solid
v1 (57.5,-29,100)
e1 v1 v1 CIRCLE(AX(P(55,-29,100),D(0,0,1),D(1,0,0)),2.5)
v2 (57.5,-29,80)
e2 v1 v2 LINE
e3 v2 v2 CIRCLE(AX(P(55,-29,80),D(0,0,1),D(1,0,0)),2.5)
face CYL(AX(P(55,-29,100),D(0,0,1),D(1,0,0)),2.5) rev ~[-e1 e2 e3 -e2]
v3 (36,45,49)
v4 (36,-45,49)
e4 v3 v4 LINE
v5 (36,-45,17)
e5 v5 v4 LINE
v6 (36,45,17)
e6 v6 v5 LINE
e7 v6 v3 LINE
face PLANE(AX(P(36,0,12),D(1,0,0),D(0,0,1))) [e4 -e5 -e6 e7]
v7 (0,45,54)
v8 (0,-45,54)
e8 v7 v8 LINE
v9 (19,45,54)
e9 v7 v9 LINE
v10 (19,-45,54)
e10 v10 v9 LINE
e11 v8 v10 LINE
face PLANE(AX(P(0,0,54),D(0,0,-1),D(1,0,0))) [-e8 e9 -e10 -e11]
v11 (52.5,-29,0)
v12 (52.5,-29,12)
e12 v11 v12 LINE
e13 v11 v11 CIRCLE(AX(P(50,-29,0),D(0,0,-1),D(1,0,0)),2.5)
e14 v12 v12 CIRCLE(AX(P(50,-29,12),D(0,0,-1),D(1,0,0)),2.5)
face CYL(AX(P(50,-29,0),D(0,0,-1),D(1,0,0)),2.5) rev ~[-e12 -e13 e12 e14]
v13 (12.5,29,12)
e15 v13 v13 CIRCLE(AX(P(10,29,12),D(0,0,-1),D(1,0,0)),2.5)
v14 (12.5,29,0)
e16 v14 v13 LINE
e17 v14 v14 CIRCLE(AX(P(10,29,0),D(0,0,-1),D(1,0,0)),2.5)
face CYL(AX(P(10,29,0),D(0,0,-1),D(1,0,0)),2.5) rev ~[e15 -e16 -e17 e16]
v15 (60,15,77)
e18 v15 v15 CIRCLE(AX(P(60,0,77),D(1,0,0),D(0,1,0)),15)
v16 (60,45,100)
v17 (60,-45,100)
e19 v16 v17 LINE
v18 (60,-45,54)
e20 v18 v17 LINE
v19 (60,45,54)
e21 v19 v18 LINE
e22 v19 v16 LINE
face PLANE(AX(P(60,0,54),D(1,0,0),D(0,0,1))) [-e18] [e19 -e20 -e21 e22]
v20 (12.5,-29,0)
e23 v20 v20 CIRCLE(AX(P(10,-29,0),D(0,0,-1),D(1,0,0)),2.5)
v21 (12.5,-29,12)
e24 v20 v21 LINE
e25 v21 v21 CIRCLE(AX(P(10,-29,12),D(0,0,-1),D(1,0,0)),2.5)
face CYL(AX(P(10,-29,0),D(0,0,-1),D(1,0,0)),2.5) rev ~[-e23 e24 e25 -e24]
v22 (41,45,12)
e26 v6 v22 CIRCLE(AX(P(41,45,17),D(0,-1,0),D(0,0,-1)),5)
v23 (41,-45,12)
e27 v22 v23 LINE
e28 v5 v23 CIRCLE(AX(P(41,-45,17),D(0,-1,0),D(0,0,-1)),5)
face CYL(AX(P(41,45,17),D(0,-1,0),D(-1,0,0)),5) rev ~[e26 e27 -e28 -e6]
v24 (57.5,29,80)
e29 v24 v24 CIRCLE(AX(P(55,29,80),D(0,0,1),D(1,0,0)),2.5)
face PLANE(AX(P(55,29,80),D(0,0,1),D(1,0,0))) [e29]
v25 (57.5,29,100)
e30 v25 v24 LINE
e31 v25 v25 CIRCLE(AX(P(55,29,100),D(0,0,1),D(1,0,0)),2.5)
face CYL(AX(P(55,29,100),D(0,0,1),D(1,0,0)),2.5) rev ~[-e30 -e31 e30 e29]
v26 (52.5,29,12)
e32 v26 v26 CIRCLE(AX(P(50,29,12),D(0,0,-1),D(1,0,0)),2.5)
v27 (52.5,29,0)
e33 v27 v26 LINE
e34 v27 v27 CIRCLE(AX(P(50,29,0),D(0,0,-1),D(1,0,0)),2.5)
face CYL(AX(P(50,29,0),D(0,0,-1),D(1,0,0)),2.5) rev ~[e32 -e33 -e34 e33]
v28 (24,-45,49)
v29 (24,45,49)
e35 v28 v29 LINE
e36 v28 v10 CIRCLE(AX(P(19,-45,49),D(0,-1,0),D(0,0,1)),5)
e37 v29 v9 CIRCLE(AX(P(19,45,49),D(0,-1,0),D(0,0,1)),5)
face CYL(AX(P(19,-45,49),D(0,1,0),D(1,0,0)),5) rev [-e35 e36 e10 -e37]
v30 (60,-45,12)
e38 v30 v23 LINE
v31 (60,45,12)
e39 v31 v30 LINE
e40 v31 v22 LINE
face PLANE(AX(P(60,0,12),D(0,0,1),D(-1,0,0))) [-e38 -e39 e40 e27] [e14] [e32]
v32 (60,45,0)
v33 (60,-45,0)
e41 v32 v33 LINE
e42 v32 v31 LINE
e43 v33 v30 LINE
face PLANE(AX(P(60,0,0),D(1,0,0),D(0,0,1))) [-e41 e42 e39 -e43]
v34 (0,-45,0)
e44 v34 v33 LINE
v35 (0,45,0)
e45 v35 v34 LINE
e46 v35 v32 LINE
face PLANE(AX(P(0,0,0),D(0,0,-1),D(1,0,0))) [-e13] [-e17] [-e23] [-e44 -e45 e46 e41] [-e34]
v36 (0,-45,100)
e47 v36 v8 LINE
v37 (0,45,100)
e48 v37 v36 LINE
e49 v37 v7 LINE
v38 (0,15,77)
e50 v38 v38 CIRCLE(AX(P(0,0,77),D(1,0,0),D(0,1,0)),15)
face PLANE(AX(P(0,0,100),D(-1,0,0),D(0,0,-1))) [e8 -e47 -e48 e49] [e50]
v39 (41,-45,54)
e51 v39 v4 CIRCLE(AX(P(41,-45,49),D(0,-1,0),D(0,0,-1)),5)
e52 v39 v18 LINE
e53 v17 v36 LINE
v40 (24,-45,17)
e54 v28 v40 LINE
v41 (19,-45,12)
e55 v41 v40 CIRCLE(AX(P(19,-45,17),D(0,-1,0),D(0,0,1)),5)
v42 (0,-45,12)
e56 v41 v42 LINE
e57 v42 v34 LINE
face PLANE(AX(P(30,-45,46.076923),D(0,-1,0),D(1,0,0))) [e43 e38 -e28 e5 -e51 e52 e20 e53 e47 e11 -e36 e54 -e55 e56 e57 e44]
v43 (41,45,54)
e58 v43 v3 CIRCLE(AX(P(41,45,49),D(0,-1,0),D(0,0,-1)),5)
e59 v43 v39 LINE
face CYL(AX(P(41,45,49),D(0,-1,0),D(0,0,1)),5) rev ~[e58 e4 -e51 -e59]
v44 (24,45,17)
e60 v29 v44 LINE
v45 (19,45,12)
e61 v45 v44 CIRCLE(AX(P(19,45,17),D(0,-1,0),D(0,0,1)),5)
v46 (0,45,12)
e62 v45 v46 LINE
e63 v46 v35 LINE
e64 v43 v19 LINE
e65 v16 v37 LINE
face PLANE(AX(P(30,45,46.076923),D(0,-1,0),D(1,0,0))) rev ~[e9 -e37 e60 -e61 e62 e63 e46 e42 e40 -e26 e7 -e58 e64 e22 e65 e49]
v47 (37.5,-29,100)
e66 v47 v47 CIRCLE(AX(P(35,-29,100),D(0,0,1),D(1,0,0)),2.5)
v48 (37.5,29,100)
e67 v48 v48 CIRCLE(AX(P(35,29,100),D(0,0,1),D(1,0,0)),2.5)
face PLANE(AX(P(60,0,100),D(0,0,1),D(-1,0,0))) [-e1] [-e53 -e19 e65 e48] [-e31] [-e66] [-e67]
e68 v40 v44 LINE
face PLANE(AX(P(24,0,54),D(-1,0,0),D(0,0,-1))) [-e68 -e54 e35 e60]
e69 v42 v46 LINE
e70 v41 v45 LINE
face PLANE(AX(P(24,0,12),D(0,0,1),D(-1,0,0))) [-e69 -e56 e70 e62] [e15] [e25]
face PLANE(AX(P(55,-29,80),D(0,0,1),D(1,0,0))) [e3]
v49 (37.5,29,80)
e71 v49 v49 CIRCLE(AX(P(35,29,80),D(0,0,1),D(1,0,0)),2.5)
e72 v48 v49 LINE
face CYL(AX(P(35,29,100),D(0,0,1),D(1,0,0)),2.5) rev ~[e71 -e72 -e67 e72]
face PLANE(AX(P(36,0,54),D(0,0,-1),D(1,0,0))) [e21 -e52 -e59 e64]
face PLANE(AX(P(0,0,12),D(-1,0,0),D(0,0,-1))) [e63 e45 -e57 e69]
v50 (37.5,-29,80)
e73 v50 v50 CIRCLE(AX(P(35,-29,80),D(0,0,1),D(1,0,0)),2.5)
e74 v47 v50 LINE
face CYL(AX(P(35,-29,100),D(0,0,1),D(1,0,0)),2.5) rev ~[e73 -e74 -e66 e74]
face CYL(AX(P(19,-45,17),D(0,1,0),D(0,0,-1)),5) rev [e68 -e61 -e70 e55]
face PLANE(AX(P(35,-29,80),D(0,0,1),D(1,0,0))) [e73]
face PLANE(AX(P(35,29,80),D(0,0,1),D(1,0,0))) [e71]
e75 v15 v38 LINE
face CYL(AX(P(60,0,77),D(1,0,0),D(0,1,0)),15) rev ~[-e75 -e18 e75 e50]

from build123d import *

# Parameters (mm, degrees)
F1_DEPTH      = 45
F1_DEPTH_BACK = 45
F2_R          = 5
F3_R          = 15
F4_DEPTH      = 60
F5_R          = 2.5
F6_DEPTH      = 12
F7_R          = 2.5
F8_DEPTH      = 20


with BuildPart() as f1:
    # F0 (on Front) → F1 (new body, two sides)
    with BuildSketch(Plane.XZ) as f1_sk:
        Polygon((0, 12), (0, 0), (60, 0), (60, 12), (36, 12), (36, 54), (60, 54), (60, 100), (0, 100), (0, 54), (24, 54), (24, 12), align=None)
    extrude(amount=F1_DEPTH)
    extrude(f1_sk.sketch, amount=-F1_DEPTH_BACK)

    # F2
    f2_edges = [f1.edges().sort_by_distance(p)[0] for p in [
        (36, 0, 54),
        (36, 0, 12),
        (24, 0, 12),
        (24, 0, 54),
    ]]
    fillet(f2_edges, radius=F2_R)

    # F3 (on face) → F4 (cut)
    with BuildSketch(Plane.YZ.offset(60)):
        with Locations((0, 77)):
            Circle(F3_R)
    extrude(amount=-F4_DEPTH, mode=Mode.SUBTRACT)

    # F5 (on face) → F6 (cut)
    with BuildSketch(Plane(origin=(0, 0, 0), x_dir=(1, 0, 0), z_dir=(0, 0, -1))):
        with Locations((10, 29)):
            Circle(F5_R)
        with Locations((10, -29)):
            Circle(F5_R)
        with Locations((50, -29)):
            Circle(F5_R)
        with Locations((50, 29)):
            Circle(F5_R)
    extrude(amount=-F6_DEPTH, mode=Mode.SUBTRACT)

    # F7 (on face) → F8 (cut)
    with BuildSketch(Plane.XY.offset(100)):
        with Locations((35, 29)):
            Circle(F7_R)
        with Locations((55, 29)):
            Circle(F7_R)
        with Locations((55, -29)):
            Circle(F7_R)
        with Locations((35, -29)):
            Circle(F7_R)
    extrude(amount=-F8_DEPTH, mode=Mode.SUBTRACT)


solid = f1.part
